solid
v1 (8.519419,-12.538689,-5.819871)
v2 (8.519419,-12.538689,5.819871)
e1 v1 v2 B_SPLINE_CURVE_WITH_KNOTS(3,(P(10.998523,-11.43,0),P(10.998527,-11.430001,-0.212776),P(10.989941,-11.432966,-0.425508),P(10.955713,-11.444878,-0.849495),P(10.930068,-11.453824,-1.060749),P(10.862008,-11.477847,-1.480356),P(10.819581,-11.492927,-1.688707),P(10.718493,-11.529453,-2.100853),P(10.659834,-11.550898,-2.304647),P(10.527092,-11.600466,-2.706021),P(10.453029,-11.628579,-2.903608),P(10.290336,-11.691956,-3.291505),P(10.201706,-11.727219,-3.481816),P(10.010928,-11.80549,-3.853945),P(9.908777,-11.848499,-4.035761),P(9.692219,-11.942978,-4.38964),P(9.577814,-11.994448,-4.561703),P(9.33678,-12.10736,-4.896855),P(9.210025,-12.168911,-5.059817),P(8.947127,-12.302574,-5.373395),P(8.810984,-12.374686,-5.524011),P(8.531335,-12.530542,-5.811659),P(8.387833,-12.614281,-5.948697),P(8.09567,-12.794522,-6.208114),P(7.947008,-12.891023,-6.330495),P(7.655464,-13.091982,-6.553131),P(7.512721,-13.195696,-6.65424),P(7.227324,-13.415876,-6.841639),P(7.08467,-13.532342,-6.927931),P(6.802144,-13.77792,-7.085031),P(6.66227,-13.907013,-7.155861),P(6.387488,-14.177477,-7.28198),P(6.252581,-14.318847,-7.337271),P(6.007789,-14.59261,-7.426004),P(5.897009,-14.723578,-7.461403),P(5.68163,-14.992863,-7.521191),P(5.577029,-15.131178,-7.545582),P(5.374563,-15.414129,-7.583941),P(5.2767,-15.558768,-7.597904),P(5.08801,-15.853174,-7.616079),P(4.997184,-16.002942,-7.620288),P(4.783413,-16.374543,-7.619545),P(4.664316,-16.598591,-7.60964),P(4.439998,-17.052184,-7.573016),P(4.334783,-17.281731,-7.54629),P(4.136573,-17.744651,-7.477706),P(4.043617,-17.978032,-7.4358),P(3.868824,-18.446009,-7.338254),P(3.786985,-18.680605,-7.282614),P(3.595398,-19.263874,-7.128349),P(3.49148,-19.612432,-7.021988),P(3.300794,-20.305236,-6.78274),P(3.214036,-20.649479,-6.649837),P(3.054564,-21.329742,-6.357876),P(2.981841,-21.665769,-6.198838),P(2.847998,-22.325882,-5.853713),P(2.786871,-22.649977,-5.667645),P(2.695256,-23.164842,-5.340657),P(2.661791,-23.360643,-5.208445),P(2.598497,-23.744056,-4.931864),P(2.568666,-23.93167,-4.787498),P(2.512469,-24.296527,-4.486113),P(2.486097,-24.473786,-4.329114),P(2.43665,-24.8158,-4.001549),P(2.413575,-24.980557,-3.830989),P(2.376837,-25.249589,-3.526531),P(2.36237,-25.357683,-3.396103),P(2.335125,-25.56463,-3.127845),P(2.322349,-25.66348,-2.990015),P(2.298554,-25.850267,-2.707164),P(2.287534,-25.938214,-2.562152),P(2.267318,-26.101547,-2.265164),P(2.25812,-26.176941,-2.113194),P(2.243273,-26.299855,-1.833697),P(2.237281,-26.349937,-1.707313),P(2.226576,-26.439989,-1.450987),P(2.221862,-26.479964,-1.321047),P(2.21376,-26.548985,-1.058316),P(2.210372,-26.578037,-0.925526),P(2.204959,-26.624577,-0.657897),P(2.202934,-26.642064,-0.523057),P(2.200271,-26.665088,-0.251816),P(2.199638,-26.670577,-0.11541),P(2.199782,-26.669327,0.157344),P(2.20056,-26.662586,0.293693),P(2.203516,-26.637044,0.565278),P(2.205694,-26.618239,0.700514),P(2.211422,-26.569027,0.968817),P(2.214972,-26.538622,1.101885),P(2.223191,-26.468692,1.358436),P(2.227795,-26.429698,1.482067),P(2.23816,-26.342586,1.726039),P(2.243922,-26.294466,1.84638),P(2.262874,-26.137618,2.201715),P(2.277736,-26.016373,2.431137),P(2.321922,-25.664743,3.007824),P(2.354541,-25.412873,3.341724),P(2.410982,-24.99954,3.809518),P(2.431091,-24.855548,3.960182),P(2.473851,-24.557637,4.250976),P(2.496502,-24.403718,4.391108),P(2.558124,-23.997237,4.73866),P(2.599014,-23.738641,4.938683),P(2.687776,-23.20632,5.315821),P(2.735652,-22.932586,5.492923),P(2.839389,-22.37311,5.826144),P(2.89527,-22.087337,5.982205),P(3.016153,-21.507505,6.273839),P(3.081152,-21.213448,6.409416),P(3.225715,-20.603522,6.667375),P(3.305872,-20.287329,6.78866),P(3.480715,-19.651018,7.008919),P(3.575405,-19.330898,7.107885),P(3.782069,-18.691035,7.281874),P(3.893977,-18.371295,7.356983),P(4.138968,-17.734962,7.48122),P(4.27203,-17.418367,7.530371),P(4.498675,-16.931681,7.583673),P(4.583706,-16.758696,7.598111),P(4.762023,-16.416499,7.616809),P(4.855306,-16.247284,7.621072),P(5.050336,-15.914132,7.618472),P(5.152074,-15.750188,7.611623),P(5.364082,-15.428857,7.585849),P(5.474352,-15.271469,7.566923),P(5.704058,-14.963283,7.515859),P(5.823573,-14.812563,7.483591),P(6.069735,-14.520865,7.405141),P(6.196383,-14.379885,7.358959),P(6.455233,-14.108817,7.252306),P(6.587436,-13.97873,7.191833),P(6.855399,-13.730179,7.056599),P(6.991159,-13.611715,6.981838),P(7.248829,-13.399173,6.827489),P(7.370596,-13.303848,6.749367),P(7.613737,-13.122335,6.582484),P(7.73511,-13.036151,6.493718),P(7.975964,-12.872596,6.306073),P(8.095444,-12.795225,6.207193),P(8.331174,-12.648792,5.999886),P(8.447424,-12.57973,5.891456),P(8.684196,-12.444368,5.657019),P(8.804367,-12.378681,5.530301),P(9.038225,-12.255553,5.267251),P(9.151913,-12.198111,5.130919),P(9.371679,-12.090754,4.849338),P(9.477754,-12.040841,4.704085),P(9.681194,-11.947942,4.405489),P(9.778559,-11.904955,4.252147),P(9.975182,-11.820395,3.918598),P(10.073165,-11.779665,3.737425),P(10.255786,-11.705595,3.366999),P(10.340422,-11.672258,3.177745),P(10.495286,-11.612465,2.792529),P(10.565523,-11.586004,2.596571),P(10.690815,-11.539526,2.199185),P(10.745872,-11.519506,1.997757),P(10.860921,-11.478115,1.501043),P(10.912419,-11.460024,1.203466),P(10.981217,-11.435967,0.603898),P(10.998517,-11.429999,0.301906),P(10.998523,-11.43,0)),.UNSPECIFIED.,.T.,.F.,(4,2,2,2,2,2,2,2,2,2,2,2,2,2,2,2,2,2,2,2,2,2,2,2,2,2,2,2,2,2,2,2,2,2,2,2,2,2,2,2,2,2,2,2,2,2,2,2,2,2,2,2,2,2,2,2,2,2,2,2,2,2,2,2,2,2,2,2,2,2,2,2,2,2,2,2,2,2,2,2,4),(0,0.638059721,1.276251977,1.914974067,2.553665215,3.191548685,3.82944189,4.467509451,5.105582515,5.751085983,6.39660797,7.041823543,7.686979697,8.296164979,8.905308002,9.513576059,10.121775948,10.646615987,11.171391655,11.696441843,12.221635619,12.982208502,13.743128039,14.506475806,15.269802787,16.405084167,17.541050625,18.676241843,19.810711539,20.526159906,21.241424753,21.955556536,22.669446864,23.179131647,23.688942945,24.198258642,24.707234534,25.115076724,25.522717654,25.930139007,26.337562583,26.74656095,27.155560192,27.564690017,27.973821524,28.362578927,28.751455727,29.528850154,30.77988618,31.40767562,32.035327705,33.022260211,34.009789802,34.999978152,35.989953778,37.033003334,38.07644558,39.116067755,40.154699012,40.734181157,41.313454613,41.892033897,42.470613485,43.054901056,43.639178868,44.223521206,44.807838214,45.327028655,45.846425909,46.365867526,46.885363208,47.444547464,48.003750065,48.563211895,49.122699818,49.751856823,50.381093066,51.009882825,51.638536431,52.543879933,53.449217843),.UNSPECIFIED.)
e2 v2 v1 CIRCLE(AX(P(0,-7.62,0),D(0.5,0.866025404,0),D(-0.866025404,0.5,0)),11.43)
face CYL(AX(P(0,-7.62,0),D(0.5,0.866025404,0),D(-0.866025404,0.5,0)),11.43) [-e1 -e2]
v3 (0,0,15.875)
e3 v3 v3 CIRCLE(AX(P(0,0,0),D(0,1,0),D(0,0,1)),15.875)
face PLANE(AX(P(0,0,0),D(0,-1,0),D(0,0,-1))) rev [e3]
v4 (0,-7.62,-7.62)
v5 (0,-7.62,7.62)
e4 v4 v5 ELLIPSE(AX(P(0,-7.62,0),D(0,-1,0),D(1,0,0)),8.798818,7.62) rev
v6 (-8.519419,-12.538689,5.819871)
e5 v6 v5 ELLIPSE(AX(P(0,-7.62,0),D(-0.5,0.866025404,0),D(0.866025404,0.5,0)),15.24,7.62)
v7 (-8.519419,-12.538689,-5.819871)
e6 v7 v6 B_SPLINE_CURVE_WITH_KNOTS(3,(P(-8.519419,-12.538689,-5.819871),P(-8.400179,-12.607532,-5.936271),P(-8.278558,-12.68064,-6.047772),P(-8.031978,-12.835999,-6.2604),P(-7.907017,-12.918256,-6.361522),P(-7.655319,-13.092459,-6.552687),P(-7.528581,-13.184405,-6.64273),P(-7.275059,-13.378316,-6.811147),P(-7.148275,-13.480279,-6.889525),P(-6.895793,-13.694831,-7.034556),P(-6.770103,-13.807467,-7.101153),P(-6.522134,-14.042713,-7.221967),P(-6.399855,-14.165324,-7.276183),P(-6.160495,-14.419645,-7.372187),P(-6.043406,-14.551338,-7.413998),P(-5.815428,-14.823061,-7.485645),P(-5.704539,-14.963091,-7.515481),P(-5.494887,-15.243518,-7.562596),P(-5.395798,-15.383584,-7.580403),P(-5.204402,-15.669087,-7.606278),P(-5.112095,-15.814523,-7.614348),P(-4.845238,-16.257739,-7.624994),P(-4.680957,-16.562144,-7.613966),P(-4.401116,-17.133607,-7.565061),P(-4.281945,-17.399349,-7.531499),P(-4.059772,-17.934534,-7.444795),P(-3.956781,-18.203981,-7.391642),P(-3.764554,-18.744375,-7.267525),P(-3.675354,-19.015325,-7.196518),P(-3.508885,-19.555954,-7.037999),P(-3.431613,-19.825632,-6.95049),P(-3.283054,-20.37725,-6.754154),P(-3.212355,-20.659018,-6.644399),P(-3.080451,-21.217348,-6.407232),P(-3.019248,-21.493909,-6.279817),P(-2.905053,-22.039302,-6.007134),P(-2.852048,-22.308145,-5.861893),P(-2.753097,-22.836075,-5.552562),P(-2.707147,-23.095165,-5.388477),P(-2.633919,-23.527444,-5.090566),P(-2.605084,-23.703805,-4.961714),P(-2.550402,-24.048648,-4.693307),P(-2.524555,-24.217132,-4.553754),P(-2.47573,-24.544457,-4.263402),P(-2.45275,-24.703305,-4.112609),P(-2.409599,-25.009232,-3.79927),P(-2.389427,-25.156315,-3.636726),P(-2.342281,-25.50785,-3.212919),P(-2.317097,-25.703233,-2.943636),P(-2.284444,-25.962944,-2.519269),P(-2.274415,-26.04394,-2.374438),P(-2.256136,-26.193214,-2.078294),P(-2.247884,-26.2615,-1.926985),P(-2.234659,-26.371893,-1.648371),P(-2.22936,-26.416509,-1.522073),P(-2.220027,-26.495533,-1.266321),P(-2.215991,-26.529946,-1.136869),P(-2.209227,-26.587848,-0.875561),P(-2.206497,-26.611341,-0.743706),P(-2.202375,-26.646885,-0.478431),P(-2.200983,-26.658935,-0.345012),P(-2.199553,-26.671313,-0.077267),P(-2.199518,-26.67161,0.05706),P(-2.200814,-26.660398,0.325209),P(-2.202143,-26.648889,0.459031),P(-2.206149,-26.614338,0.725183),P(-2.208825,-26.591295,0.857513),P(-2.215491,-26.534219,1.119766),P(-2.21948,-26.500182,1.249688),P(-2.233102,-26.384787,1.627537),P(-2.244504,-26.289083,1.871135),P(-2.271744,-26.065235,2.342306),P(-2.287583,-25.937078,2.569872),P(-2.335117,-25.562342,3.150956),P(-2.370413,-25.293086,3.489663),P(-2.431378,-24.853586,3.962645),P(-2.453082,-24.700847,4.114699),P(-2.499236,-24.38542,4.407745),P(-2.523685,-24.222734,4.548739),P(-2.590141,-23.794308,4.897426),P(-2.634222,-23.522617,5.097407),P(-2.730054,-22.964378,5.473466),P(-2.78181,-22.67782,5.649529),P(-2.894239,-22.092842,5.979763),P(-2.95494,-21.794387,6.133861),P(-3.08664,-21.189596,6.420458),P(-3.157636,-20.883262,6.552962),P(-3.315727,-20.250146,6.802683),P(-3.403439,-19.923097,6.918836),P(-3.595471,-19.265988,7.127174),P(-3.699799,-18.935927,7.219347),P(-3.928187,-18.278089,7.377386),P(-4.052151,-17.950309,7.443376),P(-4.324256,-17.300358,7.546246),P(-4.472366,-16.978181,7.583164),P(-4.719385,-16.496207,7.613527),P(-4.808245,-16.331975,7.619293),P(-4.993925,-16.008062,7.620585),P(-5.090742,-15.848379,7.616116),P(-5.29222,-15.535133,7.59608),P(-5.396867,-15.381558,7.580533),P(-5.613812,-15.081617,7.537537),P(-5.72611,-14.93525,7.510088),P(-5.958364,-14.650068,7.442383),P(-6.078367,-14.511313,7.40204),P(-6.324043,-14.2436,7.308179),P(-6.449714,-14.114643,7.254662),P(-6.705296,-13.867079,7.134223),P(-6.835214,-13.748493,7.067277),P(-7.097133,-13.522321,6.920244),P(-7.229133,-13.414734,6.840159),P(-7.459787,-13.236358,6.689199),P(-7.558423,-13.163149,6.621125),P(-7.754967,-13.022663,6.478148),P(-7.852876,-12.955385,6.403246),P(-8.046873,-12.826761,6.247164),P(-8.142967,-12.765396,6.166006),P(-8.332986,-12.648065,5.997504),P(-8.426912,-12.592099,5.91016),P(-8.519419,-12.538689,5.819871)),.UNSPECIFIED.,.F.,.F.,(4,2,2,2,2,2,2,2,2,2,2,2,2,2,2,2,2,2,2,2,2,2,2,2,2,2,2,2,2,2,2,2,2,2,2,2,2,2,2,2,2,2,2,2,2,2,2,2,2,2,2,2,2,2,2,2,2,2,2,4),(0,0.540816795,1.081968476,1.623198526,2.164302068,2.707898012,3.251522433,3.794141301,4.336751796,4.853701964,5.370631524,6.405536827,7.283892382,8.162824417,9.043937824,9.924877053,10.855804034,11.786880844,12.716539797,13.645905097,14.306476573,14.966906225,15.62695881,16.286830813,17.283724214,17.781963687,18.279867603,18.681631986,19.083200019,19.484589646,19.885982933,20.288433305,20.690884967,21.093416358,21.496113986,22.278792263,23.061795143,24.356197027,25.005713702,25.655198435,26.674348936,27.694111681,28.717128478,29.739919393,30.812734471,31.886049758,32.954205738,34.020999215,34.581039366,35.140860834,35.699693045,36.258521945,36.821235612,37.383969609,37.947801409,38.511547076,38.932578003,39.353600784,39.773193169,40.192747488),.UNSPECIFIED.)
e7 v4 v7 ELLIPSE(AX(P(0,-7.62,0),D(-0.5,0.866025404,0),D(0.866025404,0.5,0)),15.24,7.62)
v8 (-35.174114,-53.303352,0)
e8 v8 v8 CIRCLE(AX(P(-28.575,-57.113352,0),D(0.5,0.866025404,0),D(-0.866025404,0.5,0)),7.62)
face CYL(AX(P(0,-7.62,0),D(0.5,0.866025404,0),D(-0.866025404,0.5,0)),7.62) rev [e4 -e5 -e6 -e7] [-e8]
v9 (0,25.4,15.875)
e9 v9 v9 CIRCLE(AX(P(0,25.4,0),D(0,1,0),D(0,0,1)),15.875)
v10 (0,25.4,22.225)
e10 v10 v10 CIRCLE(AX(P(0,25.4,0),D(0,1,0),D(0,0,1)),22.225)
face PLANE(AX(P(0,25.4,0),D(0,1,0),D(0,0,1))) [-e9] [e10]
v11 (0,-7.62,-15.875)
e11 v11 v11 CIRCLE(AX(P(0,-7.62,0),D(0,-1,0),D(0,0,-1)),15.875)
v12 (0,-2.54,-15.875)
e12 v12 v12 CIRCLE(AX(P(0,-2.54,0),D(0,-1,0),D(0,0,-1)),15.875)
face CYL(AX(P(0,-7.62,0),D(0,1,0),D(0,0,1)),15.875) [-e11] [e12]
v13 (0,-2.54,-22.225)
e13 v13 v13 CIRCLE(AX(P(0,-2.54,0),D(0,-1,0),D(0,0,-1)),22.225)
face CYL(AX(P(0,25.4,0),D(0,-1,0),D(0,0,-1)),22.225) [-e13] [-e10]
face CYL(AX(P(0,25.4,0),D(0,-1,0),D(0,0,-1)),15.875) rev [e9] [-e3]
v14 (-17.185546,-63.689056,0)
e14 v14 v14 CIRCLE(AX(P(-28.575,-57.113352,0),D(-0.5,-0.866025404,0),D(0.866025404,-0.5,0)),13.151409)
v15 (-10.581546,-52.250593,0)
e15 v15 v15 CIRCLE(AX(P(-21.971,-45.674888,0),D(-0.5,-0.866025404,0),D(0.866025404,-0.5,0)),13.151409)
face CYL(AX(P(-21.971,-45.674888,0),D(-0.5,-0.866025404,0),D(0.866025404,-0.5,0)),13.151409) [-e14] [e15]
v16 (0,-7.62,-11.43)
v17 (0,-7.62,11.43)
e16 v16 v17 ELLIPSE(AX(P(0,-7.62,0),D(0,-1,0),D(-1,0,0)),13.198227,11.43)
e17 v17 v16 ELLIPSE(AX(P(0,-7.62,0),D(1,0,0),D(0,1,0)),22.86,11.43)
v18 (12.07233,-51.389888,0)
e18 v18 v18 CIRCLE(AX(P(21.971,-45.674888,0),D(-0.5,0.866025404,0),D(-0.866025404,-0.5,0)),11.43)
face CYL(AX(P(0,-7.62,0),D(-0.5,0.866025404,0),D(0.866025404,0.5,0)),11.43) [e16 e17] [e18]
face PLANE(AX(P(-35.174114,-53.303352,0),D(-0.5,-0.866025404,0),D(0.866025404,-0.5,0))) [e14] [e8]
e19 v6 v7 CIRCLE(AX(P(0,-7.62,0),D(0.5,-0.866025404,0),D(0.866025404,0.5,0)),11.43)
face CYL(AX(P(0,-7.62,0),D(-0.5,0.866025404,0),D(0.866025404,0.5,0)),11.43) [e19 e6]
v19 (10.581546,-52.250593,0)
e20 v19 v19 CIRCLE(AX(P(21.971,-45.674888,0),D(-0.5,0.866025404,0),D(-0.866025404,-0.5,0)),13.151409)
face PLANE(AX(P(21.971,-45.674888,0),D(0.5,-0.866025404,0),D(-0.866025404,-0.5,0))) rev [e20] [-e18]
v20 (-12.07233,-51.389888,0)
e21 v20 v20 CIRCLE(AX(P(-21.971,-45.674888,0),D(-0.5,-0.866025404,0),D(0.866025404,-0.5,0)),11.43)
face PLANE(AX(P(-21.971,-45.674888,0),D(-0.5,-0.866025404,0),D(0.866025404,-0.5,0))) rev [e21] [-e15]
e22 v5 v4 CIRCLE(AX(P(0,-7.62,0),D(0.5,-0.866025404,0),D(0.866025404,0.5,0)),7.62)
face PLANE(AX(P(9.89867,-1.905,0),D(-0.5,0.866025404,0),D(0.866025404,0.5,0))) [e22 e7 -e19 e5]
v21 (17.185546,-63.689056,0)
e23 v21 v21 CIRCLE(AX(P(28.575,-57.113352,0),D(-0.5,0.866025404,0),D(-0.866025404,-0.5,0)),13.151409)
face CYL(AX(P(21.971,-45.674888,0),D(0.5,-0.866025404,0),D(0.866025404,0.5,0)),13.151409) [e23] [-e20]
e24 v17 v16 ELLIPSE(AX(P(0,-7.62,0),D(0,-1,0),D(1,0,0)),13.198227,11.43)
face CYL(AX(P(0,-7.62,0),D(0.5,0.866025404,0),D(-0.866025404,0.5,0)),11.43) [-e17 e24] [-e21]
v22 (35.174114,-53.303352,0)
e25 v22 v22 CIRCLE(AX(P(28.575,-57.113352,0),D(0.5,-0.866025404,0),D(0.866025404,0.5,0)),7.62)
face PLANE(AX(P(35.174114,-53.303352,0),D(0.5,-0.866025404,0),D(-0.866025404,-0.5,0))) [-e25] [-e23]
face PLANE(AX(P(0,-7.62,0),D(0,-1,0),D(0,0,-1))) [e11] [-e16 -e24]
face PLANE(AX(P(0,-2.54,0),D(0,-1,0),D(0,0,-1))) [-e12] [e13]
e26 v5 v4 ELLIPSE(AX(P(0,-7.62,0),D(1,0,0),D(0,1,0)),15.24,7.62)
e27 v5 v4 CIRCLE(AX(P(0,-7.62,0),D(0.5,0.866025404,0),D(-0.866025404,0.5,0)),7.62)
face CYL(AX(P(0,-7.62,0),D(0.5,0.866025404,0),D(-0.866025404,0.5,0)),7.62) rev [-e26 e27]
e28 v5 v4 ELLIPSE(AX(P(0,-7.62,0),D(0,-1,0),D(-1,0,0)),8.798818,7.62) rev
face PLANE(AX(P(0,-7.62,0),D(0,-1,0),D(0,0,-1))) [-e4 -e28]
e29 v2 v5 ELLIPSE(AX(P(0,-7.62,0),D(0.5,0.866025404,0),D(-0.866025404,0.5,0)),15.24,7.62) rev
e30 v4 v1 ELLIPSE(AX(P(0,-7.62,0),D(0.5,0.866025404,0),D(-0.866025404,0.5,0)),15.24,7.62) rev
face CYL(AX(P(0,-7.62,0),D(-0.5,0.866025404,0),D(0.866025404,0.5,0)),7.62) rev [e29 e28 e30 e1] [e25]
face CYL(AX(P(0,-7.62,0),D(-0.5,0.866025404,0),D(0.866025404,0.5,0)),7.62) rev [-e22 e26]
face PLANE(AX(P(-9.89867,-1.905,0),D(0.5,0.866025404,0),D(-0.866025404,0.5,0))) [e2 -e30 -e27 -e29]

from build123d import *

# Parameters (mm, degrees)
SKETCH1_R           = 22.225
SKETCH1_R_2         = 15.875
BOSS_EXTRUDE1_DEPTH = 25.4
BOSS_EXTRUDE2_START = 2.54
SKETCH2_R           = 22.225
BOSS_EXTRUDE2_DEPTH = 2.54
BOSS_EXTRUDE3_START = 5.08
SKETCH3_R           = 15.875
BOSS_EXTRUDE3_DEPTH = 5.08
BOSS_EXTRUDE4_START = -13.208
SKETCH5_R           = 13.15140871
SKETCH5_R_2         = 11.43
BOSS_EXTRUDE4_DEPTH = 13.208


with BuildPart() as part:
    # Sketch1 → Boss-Extrude1 (new body)
    with BuildSketch(Plane(origin=(0, 0, 0), x_dir=(1, 0, 0), z_dir=(0, 1, 0))):
        with Locations(Location((0, 0, 0), (0, 0, 270))):
            Circle(SKETCH1_R)
        with Locations(Location((0, 0, 0), (0, 0, 270))):
            Circle(SKETCH1_R_2, mode=Mode.SUBTRACT)
    extrude(amount=BOSS_EXTRUDE1_DEPTH)

    # Sketch2 → Boss-Extrude2 (add)
    with BuildSketch(Plane.XZ.offset(BOSS_EXTRUDE2_START)):
        with Locations(Location((0, 0, 0), (0, 0, 270))):
            Circle(SKETCH2_R)
    extrude(amount=-BOSS_EXTRUDE2_DEPTH)

    # Sketch3 → Boss-Extrude3 (add)
    with BuildSketch(Plane.XZ.offset(2.54).offset(BOSS_EXTRUDE3_START)):
        with Locations(Location((0, 0, 0), (0, 0, 90))):
            Circle(SKETCH3_R)
    extrude(amount=-BOSS_EXTRUDE3_DEPTH)

    # Sketch4 → Revolve1 (revolve)
    with BuildSketch(Plane.XY):
        Polygon((-38.473670365, -51.398351826), (-9.898670365, -1.905), (-6.599113577, -3.81), (-35.174113577, -53.303351826), align=None)
    revolve1 = revolve(axis=Axis((0, -7.62, 0), (-0.500000000000001, -0.8660254037844382, 0)))

    # Sketch5 → Boss-Extrude4 (add)
    with BuildSketch(Plane(origin=(-31.874556788, -55.208351826, 0), x_dir=(0.866025403784438, -0.5000000000000012, 0), z_dir=(-0.5000000000000011, -0.8660254037844379, 0)).offset(BOSS_EXTRUDE4_START)):
        with Locations((3.81, 0)):
            Circle(SKETCH5_R)
        with Locations(Location((3.81, 0, 0), (0, 0, 90))):
            Circle(SKETCH5_R_2, mode=Mode.SUBTRACT)
    boss_extrude4 = extrude(amount=BOSS_EXTRUDE4_DEPTH)

    # Mirror1: Revolve1, Boss-Extrude4 across plane
    add(revolve1.mirror(Plane(origin=(0, 0, 0), x_dir=(0, 0, 1), z_dir=(1, 0, 0))))
    add(boss_extrude4.mirror(Plane(origin=(0, 0, 0), x_dir=(0, 0, 1), z_dir=(1, 0, 0))))


solid = part.part
